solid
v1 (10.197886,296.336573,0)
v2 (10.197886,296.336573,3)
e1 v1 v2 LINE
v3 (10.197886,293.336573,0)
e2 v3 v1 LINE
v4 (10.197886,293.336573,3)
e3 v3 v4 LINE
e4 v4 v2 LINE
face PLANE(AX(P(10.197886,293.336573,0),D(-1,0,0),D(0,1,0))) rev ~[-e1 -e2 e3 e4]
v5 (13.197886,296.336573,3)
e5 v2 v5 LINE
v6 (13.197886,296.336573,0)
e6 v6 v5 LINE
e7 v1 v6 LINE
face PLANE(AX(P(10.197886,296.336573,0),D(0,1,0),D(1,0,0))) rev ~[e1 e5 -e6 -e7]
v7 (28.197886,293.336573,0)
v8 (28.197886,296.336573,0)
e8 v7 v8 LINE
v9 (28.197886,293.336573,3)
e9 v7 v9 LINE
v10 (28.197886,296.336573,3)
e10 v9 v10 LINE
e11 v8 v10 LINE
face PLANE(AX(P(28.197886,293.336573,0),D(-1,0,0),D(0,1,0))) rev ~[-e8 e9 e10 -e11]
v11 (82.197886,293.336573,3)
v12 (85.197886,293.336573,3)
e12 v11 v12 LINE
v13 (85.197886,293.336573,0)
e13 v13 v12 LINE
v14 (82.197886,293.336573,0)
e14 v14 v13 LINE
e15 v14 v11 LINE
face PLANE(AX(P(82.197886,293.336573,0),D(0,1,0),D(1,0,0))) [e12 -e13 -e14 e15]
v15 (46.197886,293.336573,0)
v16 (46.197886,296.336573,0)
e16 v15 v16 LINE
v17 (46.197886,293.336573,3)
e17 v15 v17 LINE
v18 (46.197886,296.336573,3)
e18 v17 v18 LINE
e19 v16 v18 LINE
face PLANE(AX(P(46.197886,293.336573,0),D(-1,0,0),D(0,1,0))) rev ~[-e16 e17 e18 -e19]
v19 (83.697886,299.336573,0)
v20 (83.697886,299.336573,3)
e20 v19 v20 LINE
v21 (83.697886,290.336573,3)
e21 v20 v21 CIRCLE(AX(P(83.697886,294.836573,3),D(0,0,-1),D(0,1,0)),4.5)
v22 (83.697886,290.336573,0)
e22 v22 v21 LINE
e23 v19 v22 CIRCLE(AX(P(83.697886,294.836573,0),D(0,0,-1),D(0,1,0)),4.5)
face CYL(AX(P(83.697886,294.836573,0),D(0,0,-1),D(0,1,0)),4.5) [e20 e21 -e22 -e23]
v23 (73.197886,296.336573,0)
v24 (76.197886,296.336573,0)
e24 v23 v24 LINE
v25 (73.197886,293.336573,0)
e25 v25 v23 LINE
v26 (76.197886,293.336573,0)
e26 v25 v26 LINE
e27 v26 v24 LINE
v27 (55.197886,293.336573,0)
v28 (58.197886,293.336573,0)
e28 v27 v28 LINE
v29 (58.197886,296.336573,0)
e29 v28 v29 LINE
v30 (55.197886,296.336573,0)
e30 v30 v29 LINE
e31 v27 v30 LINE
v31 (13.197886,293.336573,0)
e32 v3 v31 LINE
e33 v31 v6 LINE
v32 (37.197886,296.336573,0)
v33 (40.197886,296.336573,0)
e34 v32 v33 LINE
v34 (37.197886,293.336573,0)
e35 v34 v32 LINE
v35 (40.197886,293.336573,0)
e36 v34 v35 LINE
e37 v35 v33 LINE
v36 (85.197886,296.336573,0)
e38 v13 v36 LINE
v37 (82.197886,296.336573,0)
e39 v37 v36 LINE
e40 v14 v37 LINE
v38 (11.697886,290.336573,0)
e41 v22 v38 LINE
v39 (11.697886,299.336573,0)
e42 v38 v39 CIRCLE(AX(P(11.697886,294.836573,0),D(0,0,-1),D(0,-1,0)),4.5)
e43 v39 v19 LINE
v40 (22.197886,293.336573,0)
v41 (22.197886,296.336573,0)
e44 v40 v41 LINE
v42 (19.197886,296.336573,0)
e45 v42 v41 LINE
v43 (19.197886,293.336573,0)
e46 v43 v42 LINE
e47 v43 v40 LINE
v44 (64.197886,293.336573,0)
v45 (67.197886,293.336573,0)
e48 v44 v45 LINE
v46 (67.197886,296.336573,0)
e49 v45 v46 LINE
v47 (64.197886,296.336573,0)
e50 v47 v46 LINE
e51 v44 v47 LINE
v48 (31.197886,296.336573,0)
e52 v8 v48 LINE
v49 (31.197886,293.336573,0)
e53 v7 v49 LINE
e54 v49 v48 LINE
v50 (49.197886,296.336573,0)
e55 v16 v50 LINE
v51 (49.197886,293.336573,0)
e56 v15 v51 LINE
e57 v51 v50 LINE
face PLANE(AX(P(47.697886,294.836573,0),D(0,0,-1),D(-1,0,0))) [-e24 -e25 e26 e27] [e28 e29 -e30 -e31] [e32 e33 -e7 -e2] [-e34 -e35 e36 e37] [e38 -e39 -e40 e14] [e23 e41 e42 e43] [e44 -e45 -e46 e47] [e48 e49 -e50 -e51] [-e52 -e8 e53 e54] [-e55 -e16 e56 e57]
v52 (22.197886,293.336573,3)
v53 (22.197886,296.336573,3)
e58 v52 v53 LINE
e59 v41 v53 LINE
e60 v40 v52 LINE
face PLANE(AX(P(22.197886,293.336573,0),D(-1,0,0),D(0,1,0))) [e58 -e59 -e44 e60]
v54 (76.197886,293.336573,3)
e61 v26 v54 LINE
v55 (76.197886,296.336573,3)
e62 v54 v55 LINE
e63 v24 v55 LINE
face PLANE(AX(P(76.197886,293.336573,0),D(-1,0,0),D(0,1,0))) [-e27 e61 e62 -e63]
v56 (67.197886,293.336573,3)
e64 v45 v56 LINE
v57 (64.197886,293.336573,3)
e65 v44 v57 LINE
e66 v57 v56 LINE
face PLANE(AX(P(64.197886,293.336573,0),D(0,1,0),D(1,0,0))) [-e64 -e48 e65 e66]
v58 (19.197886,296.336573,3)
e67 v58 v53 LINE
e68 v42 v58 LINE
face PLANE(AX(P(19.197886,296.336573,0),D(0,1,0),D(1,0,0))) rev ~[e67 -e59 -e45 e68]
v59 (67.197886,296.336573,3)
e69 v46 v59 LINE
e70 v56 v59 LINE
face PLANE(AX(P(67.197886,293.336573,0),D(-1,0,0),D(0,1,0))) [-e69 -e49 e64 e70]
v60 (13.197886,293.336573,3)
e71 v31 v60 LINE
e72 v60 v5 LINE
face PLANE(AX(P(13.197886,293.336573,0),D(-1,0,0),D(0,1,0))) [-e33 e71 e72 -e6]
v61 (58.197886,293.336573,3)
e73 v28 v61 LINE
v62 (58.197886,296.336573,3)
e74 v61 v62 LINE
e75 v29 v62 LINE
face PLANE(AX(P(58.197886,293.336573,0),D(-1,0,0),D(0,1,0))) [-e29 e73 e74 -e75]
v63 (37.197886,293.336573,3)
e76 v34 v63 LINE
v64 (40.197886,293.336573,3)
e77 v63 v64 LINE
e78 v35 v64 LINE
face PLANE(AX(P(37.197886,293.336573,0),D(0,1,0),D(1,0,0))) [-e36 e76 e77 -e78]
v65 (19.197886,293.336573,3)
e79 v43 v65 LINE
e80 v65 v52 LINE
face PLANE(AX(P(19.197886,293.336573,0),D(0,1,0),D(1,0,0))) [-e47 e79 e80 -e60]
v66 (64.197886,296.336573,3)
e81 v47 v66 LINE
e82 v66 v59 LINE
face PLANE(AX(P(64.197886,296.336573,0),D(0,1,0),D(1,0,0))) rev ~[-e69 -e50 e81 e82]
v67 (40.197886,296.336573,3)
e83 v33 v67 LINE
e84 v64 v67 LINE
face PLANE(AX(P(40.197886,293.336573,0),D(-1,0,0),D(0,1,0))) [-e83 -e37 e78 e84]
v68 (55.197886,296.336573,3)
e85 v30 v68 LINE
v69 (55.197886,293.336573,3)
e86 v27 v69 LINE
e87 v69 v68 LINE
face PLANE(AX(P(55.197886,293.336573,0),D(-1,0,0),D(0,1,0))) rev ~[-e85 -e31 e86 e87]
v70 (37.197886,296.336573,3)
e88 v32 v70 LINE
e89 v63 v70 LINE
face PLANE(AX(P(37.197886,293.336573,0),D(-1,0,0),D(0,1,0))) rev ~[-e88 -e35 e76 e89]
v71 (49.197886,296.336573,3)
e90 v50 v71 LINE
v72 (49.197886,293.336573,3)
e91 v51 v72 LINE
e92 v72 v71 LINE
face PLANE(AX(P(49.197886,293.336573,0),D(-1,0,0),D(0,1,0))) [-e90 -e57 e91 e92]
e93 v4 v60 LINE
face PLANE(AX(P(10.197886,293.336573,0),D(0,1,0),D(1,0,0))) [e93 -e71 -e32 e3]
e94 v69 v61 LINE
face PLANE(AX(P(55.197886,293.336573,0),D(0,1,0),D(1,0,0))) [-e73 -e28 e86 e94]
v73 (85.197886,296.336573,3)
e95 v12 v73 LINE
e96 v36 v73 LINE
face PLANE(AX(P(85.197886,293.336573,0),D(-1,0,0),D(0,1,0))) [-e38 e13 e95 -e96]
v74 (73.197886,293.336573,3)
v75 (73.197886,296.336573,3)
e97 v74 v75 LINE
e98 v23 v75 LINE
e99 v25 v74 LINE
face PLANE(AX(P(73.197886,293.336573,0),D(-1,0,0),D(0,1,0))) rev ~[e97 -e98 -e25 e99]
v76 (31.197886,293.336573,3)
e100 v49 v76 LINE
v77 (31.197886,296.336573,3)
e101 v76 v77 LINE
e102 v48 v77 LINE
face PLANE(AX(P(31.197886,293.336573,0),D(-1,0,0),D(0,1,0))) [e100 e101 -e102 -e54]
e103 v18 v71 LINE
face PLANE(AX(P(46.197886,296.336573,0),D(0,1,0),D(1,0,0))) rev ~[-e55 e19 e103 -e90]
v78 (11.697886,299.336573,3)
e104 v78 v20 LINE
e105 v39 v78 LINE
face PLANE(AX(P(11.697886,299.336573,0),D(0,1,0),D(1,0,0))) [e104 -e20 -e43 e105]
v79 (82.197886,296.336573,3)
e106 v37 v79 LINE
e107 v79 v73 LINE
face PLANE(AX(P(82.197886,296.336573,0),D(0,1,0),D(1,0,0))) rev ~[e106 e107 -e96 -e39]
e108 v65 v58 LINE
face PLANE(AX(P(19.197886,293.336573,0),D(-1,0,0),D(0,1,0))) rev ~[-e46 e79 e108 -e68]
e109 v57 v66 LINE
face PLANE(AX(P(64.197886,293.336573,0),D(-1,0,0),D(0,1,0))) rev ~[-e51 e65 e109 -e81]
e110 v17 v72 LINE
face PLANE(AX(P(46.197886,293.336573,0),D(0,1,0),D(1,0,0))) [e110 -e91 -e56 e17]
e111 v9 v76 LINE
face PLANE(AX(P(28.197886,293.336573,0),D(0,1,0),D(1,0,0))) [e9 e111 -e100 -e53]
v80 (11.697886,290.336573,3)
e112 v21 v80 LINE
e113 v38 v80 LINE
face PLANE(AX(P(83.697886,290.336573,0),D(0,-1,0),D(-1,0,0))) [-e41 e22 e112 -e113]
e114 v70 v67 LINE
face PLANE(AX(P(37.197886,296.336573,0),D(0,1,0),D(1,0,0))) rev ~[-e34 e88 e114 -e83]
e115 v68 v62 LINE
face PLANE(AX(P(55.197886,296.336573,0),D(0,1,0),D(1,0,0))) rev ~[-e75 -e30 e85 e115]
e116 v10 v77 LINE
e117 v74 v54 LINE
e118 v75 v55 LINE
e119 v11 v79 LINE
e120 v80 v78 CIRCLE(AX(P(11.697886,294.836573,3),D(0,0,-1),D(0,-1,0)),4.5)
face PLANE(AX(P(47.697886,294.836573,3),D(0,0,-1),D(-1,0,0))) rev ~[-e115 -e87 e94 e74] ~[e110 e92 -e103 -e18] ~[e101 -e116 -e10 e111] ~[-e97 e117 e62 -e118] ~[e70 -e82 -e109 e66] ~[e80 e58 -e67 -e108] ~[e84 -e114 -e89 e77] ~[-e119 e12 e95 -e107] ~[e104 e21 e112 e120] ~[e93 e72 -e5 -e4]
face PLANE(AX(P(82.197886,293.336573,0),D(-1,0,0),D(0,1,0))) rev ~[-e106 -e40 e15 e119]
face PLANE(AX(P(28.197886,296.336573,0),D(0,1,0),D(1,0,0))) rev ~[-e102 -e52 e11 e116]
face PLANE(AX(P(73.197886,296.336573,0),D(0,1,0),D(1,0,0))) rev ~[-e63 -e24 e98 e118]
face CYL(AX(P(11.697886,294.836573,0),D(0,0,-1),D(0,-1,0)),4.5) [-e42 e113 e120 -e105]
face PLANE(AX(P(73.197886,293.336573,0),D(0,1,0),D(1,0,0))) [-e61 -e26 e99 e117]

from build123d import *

# Parameters (mm, degrees)
MODEL_W                 = 3
MODEL_H                 = 3
SALIENTE_EXTRUIR1_DEPTH = 3


with BuildPart() as part:
    # Model → Saliente-Extruir1 (new body)
    with BuildSketch(Plane.XY):
        with BuildLine():
            Line((11.697885884, 299.336573121), (83.697885884, 299.336573121))
            ThreePointArc((83.697885884, 299.336573121), (88.197885884, 294.836573121), (83.697885884, 290.336573121))
            Line((83.697885884, 290.336573121), (11.697885884, 290.336573121))
            ThreePointArc((11.697885884, 290.336573121), (7.197885884, 294.836573121), (11.697885884, 299.336573121))
        make_face()
        with Locations((11.697885884, 294.836573121)):
            Rectangle(MODEL_W, MODEL_H, mode=Mode.SUBTRACT)
        with Locations((20.697885884, 294.836573121)):
            Rectangle(MODEL_W, MODEL_H, mode=Mode.SUBTRACT)
        with Locations((29.697885884, 294.836573121)):
            Rectangle(MODEL_W, MODEL_H, mode=Mode.SUBTRACT)
        with Locations((38.697885884, 294.836573121)):
            Rectangle(MODEL_W, MODEL_H, mode=Mode.SUBTRACT)
        with Locations((47.697885884, 294.836573121)):
            Rectangle(MODEL_W, MODEL_H, mode=Mode.SUBTRACT)
        with Locations((56.697885884, 294.836573121)):
            Rectangle(MODEL_W, MODEL_H, mode=Mode.SUBTRACT)
        with Locations((65.697885884, 294.836573121)):
            Rectangle(MODEL_W, MODEL_H, mode=Mode.SUBTRACT)
        with Locations((74.697885884, 294.836573121)):
            Rectangle(MODEL_W, MODEL_H, mode=Mode.SUBTRACT)
        with Locations((83.697885884, 294.836573121)):
            Rectangle(MODEL_W, MODEL_H, mode=Mode.SUBTRACT)
    extrude(amount=SALIENTE_EXTRUIR1_DEPTH)


solid = part.part
